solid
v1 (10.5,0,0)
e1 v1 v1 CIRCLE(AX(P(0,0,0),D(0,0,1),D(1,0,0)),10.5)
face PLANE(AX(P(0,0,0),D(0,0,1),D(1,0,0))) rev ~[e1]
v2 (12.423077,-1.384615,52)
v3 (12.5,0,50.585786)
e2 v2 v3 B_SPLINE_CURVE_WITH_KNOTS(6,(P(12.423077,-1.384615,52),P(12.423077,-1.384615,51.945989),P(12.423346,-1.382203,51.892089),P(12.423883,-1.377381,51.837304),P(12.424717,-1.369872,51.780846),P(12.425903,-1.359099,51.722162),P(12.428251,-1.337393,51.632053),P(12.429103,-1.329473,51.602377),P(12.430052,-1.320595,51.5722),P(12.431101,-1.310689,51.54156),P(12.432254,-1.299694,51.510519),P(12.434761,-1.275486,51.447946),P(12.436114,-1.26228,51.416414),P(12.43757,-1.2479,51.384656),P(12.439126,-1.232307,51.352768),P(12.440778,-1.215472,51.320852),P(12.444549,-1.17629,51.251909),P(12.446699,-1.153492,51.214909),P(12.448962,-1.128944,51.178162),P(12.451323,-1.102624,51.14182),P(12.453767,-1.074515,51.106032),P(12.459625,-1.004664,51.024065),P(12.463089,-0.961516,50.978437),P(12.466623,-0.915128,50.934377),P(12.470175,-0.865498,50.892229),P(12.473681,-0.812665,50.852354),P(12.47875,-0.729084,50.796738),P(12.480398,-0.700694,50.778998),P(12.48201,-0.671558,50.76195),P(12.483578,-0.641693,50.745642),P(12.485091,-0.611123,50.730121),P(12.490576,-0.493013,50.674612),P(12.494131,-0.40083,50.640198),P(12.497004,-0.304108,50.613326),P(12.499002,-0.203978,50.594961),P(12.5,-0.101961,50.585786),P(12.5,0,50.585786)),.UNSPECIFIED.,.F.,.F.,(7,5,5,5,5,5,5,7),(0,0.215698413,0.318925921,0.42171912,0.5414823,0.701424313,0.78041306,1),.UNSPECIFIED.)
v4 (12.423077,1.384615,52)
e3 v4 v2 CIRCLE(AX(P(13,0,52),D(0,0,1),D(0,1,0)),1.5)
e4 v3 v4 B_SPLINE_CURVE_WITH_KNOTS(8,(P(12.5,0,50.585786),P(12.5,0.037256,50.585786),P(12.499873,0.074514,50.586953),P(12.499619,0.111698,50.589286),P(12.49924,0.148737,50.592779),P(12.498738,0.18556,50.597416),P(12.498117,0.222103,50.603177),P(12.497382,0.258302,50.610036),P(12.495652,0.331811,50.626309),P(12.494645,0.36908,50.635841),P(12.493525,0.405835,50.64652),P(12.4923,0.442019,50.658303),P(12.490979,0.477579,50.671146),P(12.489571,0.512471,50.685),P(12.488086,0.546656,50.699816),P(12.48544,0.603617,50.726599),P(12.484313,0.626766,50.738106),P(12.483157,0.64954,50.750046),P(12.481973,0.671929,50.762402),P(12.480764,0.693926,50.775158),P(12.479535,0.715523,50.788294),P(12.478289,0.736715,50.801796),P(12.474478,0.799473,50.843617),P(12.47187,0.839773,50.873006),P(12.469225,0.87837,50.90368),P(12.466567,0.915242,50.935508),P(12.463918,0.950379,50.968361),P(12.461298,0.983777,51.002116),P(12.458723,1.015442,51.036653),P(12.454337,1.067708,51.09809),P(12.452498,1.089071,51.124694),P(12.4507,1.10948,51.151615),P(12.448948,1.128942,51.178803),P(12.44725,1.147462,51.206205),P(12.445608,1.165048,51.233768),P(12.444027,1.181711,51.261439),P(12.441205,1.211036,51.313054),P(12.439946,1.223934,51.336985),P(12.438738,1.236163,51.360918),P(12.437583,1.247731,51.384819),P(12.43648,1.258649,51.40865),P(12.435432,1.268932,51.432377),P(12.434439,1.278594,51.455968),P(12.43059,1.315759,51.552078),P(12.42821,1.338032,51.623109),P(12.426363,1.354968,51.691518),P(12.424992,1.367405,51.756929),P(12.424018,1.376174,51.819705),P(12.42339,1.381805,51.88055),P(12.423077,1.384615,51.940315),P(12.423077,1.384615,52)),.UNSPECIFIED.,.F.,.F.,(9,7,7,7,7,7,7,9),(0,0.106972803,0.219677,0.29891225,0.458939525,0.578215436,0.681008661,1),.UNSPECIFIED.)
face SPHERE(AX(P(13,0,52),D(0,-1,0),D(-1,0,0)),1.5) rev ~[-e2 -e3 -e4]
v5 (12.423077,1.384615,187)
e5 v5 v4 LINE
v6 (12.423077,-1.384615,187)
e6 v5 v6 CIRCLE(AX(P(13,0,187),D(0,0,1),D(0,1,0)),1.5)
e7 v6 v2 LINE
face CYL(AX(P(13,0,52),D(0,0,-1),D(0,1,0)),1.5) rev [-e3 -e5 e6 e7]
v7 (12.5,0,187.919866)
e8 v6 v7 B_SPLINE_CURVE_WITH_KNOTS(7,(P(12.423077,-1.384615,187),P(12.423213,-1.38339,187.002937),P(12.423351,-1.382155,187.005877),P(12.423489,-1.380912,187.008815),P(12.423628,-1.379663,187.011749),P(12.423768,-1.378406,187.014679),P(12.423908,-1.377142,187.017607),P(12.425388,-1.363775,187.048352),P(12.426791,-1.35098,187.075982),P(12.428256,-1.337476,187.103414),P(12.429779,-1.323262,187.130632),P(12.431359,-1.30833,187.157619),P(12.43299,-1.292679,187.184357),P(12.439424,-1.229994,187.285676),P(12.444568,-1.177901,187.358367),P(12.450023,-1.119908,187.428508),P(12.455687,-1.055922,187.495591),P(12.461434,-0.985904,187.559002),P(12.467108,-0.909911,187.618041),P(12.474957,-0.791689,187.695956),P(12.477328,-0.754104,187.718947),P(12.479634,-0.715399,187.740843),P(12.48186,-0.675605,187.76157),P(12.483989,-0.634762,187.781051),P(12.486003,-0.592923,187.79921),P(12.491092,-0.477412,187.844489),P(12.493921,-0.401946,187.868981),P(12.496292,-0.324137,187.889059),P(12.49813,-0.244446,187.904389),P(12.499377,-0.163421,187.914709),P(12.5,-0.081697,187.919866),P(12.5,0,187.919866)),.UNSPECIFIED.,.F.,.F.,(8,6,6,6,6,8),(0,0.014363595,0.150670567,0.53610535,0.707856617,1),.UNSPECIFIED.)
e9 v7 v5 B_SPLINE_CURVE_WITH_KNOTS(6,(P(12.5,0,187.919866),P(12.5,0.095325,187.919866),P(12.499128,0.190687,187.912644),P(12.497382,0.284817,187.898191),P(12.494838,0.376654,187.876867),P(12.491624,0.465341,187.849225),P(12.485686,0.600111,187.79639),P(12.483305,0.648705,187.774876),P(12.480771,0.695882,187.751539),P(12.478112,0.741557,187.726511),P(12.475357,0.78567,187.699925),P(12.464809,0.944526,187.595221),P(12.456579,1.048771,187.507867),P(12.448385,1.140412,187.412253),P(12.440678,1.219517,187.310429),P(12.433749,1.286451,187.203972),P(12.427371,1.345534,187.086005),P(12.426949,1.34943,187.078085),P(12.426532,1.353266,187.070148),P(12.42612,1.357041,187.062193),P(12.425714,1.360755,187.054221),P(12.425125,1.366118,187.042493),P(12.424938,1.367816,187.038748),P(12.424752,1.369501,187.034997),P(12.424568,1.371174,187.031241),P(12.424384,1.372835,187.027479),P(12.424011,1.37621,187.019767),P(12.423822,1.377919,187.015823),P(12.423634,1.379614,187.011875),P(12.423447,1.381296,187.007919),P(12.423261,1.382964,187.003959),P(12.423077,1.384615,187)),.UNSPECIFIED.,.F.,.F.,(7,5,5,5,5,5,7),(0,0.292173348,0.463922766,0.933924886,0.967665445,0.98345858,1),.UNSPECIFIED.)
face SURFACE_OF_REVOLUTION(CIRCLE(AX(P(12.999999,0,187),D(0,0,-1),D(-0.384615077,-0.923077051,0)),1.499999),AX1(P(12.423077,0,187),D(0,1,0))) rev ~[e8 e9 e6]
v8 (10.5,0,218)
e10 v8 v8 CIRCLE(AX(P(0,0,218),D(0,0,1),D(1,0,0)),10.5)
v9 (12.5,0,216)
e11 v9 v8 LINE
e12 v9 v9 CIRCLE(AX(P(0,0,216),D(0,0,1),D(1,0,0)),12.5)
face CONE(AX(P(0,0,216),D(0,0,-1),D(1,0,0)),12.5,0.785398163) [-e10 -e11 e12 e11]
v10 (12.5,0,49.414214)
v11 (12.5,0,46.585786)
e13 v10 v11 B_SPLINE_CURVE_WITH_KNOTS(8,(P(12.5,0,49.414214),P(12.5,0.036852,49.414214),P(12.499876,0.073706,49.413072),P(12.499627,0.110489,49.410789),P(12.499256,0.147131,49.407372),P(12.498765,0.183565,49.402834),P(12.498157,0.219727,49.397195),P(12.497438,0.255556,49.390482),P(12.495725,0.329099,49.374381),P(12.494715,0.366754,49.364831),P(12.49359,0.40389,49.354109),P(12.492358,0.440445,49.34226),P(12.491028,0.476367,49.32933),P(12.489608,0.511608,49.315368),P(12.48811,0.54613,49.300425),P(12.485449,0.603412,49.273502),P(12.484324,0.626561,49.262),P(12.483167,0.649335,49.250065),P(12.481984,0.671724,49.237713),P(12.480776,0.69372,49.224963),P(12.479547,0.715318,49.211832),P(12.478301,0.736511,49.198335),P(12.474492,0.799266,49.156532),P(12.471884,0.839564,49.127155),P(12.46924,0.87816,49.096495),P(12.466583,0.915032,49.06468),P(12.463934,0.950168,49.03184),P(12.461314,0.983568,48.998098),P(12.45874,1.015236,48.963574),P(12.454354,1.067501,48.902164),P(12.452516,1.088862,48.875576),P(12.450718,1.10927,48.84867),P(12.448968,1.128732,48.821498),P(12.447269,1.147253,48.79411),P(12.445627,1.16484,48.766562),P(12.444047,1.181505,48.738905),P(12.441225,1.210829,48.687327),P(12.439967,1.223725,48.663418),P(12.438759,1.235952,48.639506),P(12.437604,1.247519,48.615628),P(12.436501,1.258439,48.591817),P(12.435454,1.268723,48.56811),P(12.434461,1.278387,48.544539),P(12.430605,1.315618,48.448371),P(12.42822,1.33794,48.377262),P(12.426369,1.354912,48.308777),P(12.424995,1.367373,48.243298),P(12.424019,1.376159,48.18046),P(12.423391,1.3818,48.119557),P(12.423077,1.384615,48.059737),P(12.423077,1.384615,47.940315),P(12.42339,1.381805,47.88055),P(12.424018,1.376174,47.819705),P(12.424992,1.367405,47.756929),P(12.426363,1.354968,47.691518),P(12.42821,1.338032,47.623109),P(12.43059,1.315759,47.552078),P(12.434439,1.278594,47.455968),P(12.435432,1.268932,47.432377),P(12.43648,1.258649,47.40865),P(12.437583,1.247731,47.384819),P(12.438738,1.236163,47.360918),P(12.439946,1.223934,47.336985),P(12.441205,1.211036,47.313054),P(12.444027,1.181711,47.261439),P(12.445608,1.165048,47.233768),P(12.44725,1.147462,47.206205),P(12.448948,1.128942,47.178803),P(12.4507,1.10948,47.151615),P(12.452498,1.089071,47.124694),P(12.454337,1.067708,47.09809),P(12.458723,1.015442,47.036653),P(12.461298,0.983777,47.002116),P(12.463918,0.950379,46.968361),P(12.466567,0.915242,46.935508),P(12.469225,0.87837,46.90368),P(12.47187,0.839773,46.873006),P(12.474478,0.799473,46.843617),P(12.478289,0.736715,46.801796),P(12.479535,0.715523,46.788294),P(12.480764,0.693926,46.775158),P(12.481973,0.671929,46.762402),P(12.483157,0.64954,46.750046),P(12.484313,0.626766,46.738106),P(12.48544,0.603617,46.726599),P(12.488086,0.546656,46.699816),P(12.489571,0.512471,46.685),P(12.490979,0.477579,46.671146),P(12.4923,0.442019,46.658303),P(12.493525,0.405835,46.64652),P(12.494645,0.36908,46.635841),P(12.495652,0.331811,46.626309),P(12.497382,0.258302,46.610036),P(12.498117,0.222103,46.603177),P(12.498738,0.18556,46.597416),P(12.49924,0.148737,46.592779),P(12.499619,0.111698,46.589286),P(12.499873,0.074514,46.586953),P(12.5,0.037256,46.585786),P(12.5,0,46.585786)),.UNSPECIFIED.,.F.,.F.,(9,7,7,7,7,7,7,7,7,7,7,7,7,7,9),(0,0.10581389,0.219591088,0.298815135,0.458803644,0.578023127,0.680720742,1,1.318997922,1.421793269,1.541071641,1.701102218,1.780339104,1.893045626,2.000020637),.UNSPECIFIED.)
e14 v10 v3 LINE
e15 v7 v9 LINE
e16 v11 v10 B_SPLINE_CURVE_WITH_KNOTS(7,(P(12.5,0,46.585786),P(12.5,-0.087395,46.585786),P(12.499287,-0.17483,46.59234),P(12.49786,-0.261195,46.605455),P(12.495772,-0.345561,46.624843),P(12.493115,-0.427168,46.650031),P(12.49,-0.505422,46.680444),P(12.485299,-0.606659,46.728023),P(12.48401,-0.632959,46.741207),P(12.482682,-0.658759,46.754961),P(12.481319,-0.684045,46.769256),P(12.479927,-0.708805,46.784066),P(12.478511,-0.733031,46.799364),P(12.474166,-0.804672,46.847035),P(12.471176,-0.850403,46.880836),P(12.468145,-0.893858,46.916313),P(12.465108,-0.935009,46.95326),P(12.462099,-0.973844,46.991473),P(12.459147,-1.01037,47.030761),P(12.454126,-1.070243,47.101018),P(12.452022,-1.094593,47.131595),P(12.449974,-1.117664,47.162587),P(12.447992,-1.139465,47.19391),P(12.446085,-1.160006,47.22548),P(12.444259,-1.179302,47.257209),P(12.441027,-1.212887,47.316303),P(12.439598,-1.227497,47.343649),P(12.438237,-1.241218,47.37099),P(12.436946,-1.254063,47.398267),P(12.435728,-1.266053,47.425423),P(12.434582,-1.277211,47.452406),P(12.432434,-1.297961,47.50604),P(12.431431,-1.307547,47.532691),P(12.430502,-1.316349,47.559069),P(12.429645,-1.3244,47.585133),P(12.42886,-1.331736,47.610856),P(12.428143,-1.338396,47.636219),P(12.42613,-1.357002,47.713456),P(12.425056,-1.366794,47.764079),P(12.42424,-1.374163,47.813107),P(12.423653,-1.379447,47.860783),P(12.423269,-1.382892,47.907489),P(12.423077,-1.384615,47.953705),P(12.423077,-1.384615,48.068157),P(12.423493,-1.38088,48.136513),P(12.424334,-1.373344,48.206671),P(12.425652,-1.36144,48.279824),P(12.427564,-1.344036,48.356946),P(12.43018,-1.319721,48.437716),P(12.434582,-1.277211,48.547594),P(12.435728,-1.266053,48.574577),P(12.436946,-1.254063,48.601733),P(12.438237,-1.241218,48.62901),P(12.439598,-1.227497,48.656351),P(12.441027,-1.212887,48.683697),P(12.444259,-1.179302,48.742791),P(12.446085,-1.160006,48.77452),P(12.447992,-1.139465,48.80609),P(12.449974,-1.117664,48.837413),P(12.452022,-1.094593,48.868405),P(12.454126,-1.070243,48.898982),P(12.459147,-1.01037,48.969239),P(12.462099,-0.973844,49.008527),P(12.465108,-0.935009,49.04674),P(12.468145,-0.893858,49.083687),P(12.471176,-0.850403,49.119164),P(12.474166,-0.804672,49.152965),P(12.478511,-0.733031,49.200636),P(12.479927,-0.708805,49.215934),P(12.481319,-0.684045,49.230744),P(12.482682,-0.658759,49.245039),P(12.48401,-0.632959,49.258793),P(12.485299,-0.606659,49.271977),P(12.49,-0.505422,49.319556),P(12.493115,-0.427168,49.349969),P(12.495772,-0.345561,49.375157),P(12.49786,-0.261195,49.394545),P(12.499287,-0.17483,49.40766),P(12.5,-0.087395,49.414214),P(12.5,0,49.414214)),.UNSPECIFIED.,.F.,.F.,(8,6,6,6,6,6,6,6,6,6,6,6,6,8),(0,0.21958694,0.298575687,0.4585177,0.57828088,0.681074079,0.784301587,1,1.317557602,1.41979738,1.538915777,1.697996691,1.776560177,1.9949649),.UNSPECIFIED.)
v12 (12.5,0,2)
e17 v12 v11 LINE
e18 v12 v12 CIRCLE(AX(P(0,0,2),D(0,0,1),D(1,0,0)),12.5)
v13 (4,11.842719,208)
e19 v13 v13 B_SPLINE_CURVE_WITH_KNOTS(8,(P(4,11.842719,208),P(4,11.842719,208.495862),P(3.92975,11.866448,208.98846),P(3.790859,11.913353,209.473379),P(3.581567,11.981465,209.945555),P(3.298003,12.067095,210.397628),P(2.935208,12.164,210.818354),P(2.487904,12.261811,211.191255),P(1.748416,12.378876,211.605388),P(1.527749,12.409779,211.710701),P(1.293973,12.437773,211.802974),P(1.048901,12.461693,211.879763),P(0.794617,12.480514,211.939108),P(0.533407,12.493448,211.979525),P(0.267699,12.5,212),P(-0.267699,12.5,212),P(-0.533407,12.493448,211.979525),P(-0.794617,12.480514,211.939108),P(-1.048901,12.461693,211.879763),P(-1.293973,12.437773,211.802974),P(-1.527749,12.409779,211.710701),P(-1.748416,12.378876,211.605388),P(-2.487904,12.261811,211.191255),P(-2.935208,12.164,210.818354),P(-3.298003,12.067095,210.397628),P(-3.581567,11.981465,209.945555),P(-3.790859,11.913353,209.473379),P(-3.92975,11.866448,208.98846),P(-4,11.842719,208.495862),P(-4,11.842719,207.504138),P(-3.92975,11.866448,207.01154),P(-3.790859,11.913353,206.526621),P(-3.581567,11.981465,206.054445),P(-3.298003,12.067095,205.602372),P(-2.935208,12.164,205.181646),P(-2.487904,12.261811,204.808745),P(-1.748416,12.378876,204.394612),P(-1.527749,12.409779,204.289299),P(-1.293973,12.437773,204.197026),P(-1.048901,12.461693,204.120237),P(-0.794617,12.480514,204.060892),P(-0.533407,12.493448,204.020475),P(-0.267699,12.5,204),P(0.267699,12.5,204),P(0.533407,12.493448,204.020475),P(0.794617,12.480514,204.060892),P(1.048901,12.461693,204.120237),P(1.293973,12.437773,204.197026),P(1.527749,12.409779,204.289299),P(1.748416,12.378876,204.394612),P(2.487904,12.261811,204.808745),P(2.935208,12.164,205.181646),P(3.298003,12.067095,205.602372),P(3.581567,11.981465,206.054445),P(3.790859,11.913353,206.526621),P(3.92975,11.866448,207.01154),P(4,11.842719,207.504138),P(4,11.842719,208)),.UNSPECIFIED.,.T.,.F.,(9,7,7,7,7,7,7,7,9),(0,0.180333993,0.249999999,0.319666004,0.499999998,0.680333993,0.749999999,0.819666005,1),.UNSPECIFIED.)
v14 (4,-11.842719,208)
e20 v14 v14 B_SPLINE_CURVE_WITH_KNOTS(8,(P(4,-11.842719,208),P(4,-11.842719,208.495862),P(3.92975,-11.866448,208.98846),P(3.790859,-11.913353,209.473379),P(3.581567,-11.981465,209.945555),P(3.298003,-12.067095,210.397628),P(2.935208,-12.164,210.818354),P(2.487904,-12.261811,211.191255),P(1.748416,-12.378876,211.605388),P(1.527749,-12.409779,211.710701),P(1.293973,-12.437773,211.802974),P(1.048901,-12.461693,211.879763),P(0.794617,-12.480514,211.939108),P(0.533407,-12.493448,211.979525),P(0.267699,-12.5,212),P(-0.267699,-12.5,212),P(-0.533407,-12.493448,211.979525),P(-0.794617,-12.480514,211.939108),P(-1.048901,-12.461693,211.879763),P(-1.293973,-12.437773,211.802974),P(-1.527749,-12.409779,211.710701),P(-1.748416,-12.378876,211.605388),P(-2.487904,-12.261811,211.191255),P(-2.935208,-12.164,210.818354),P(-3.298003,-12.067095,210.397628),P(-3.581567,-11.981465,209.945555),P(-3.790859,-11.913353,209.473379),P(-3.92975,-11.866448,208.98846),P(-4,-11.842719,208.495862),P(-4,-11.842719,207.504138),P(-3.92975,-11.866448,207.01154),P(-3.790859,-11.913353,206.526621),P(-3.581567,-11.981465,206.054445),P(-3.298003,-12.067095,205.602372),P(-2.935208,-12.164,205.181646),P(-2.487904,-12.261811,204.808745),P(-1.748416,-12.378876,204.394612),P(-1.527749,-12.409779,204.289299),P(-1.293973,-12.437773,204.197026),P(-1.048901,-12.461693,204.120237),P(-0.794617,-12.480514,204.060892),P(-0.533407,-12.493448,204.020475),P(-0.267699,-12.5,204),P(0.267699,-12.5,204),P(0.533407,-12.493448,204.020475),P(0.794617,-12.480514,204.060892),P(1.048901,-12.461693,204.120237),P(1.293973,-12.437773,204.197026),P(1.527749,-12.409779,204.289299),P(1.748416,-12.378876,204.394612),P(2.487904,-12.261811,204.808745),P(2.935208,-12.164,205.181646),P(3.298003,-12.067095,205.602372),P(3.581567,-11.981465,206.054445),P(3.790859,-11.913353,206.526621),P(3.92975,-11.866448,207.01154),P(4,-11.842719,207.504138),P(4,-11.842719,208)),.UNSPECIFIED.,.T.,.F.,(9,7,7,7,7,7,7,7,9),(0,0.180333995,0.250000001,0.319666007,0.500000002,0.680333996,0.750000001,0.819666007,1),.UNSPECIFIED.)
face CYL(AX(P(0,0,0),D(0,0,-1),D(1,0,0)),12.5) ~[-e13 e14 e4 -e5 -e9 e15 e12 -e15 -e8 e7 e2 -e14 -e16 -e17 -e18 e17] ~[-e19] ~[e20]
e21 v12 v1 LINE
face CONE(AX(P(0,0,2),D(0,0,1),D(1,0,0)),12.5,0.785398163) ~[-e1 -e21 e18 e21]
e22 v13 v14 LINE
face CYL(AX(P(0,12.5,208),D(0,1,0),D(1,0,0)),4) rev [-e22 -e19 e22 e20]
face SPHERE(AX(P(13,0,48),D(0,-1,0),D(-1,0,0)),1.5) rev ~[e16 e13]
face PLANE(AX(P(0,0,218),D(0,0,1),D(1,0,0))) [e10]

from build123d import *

# Parameters (mm, degrees)
F0_R     = 12.5
F1_DEPTH = 218
F2_SIZE  = 2
F4_R     = 4
F5_DEPTH = 25.001
F8_DEPTH = 135


with BuildPart() as f1:
    # F0 (on Top) → F1 (new body)
    with BuildSketch(Plane.XY):
        Circle(F0_R)
    extrude(amount=F1_DEPTH)

    # F2
    f2_edges = [f1.edges().sort_by_distance(p)[0] for p in [
        (-12.5, 0, 0),
        (-12.5, 0, 218),
    ]]
    chamfer(f2_edges, length=F2_SIZE)

    # F4 (on offset) → F5 (cut, through all)
    with BuildSketch(Plane.XZ.offset(-12.5)):
        with Locations((0, 208)):
            Circle(F4_R)
    extrude(amount=F5_DEPTH, mode=Mode.SUBTRACT)

    # F7 (on offset) → F8 (cut)
    with BuildSketch(Plane.XY.offset(52)):
        with BuildLine():
            Line((13, -1.5), (13, 1.5))
            ThreePointArc((13, 1.5), (11.5, 0), (13, -1.5))
        make_face()
    extrude(amount=F8_DEPTH, mode=Mode.SUBTRACT)


with BuildPart() as f11:
    # F10 (on offset) → F11 (revolve)
    with BuildSketch(Plane.XY.offset(48)):
        with BuildLine():
            Line((13, -1.5), (13, 1.5))
            ThreePointArc((13, 1.5), (11.5, 0), (13, -1.5))
        make_face()
    revolve(axis=Axis((13, 0, 48), (0, -1, 0)))


with BuildPart() as f1_1:
    add(f1.part)

    # F12: cut F11
    add(f11.part, mode=Mode.SUBTRACT)

    # F7 (on offset) → F13 (revolve, cut)
    with BuildSketch(Plane.XY.offset(52)):
        with BuildLine():
            Line((13, -1.5), (13, 1.5))
            ThreePointArc((13, 1.5), (11.5, 0), (13, -1.5))
        make_face()
    revolve(axis=Axis((13, 0, 52), (0, -1, 0)), mode=Mode.SUBTRACT)

    # F14 (on face) → F15 (revolve, cut)
    with BuildSketch(Plane(origin=(0, 0, 187), x_dir=(1, 0, 0), z_dir=(0, 0, -1))):
        with BuildLine():
            ThreePointArc((12.423077, 1.384615), (11.5, 0), (12.423077, -1.384615))
            Line((12.423077, -1.384615), (12.423077, 1.384615))
        make_face()
    revolve(axis=Axis((12.423077, 0, 187), (0, 1, 0)), mode=Mode.SUBTRACT)


solid = f1_1.part
